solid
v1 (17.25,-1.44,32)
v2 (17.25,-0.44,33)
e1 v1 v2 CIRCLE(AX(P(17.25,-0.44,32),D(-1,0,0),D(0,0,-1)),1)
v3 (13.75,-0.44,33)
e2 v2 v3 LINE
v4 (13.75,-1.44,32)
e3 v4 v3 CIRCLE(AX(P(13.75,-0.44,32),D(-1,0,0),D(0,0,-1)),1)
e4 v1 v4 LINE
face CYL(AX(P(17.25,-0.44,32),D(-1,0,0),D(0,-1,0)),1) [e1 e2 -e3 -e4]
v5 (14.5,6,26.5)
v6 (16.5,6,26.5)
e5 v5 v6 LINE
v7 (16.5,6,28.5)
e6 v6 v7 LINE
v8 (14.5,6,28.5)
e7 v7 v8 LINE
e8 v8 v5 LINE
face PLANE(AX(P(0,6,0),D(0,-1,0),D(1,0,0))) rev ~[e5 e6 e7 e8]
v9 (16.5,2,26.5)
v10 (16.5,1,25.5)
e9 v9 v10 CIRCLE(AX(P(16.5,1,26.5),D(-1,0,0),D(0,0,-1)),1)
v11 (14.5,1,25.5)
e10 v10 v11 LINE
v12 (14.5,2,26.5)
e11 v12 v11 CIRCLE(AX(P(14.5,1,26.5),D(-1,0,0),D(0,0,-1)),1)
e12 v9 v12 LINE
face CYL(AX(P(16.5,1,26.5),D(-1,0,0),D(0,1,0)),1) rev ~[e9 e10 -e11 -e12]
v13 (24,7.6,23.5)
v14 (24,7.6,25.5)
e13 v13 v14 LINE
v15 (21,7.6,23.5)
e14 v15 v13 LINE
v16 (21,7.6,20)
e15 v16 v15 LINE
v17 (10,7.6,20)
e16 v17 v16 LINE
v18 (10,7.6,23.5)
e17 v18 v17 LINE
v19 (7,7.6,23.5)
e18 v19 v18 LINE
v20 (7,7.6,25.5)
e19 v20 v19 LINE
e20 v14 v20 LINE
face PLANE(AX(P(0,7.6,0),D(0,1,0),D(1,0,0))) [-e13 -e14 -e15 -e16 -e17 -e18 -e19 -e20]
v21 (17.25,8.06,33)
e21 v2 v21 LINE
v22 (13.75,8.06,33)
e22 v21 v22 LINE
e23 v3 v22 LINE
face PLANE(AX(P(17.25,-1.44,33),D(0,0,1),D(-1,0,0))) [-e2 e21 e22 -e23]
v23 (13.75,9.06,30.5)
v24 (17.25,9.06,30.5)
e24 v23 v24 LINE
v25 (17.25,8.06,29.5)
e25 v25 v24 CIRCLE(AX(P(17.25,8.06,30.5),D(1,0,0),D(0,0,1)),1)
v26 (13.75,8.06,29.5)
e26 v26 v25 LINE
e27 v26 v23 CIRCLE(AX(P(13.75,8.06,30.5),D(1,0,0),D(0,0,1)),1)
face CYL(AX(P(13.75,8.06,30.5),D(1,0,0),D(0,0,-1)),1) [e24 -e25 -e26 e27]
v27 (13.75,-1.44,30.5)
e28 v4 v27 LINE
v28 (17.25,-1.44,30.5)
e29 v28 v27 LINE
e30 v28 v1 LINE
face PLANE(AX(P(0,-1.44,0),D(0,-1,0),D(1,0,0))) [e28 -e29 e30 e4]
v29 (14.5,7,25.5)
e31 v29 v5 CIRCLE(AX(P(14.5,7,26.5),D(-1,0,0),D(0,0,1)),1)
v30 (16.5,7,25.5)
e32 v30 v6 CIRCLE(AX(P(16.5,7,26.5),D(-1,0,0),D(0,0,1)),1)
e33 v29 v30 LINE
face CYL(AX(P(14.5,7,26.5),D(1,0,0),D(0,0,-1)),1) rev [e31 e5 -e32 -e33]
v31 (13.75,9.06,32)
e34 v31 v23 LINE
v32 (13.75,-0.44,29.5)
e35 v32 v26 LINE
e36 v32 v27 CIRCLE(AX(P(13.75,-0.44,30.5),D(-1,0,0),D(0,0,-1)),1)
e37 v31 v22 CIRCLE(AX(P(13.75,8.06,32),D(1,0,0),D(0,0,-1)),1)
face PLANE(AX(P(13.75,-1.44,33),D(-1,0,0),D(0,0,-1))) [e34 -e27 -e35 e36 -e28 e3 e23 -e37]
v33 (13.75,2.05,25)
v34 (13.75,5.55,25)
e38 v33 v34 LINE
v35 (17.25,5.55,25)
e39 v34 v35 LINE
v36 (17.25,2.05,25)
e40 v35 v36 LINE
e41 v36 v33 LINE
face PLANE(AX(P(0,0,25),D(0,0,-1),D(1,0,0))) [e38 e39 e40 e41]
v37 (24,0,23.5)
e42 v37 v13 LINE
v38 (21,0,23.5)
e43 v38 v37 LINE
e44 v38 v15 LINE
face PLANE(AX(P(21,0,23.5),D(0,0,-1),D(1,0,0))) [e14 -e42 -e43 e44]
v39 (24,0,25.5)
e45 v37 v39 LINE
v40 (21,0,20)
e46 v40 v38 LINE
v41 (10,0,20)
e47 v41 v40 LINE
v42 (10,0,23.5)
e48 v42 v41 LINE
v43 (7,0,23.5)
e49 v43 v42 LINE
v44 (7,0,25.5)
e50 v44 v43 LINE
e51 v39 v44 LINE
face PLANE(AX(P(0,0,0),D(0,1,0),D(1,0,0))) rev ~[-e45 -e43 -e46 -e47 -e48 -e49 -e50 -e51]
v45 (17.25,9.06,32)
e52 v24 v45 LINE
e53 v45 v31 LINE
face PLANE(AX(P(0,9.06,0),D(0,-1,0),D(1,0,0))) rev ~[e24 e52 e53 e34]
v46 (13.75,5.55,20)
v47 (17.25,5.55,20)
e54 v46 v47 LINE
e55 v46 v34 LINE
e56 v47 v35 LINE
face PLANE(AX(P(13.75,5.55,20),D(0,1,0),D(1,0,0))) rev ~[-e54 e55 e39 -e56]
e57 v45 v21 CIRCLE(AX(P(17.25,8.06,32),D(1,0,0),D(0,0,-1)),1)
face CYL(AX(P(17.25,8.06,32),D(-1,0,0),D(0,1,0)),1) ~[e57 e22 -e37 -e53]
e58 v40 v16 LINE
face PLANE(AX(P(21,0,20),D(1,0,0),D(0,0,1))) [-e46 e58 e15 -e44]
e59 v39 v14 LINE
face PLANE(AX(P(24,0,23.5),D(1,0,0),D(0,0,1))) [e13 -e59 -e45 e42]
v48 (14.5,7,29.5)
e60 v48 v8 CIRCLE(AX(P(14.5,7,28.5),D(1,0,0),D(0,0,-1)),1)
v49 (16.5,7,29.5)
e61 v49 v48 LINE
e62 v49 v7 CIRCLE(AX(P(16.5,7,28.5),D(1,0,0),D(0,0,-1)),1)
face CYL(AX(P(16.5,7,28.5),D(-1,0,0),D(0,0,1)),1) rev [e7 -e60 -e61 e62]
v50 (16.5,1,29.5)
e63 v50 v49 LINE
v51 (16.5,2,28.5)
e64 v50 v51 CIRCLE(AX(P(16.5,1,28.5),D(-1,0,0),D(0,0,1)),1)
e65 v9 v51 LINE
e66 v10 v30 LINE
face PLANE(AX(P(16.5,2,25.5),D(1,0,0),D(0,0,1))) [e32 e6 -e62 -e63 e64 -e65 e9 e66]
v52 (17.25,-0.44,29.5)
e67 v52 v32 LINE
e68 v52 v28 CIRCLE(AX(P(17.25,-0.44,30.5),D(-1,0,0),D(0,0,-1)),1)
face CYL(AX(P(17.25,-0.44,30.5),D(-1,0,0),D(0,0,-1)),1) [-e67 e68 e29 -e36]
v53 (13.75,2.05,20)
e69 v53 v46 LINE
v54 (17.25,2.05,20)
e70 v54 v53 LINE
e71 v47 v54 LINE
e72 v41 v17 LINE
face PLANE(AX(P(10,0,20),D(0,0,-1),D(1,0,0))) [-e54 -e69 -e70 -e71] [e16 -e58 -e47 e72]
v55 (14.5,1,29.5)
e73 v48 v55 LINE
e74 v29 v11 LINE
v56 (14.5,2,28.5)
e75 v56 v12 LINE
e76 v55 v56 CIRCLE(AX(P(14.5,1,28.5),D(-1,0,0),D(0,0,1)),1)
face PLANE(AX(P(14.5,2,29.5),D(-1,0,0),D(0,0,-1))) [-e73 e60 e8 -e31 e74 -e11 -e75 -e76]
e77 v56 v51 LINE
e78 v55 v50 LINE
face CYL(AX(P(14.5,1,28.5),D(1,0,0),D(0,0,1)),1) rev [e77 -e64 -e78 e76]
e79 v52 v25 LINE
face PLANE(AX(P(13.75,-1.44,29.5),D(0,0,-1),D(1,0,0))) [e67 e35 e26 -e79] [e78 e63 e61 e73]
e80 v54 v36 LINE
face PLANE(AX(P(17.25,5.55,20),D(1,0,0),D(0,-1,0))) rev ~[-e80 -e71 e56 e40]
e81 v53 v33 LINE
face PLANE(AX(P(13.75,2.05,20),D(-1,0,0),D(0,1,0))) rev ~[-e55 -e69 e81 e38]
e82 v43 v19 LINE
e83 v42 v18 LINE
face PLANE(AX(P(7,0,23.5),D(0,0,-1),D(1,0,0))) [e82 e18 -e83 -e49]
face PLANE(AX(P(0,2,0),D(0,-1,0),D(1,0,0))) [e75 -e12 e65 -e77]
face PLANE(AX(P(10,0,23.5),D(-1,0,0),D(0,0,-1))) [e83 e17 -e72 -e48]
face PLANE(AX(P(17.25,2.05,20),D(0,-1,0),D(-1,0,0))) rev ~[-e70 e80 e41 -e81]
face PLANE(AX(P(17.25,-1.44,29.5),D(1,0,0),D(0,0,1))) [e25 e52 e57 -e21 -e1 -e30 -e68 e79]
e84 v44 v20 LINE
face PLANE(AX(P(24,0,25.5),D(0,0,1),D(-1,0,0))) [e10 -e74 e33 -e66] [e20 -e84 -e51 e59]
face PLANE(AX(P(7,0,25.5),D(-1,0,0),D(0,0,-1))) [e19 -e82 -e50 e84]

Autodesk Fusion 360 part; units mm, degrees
sketch "Sketch1" plane through (0, 0, 0) normal (0, 1, 0) x (1, 0, 0)
  line L0 (10, -20) -> (21, -20)
  line L1 (21, -20) -> (21, -23.5)
  line L2 (21, -23.5) -> (24, -23.5)
  line L3 (24, -23.5) -> (24, -25.5)
  line L4 (24, -25.5) -> (7, -25.5)
  line L5 (7, -25.5) -> (7, -23.5)
  line L6 (7, -23.5) -> (10, -23.5)
  line L7 (10, -23.5) -> (10, -20)
extrude "Extrude1" add sketch "Sketch1" along normal blind 7.6
sketch "Sketch2" plane through (0, 0, 20) normal (0, 0, -1) x (1, 0, 0)
  line L0 (21, 0) -> (10, 0)
  line L1 (10, 0) -> (10, -7.6)
  line L2 (10, -7.6) -> (21, -7.6)
  line L3 (21, -7.6) -> (21, 0)
  line L4 (17.25, -2.05) -> (13.75, -2.05)
  line L5 (13.75, -2.05) -> (13.75, -5.55)
  line L6 (13.75, -5.55) -> (17.25, -5.55)
  line L7 (17.25, -5.55) -> (17.25, -2.05)
  line L8 (17.25, -2.05) -> (13.75, -5.55) construction
  line L9 (13.75, -2.05) -> (17.25, -5.55) construction
  point P0 (15.5, -3.8)
  dimension "d9" = 3.5
  dimension "d10" = 3.5
extrude "Extrude2" cut sketch "Sketch2" against normal blind 5 contours L4 L5 L6 L7
sketch "Sketch3" plane through (0, 0, 0) normal (0, 0, 1) x (1, 0, 0)
  line L0 (14, 0) -> (14.5, 0)
  line L1 (14.5, 0) -> (13.5, 0)
sketch "Sketch4" plane through (0, 0, 0) normal (0, -1, 0) x (1, 0, 0)
  line L0 (7, 23.5) -> (10, 23.5)
  line L1 (10, 23.5) -> (10, 20)
  line L2 (10, 20) -> (21, 20)
  line L3 (21, 20) -> (21, 23.5)
  line L4 (21, 23.5) -> (24, 23.5)
  line L5 (24, 23.5) -> (24, 25.5)
  line L6 (24, 25.5) -> (7, 25.5)
  line L7 (7, 25.5) -> (7, 23.5)
  line L8 (15.5, 25.5) -> (16.5, 25.5)
  line L9 (16.5, 25.5) -> (16.5, 29.5)
  line L10 (16.5, 29.5) -> (14.5, 29.5)
  line L11 (14.5, 29.5) -> (14.5, 25.5)
  line L12 (14.5, 25.5) -> (15.5, 25.5)
  line L13 (15.5, 29.5) -> (17.25, 29.5)
  line L14 (17.25, 29.5) -> (17.25, 33)
  line L15 (17.25, 33) -> (13.75, 33)
  line L16 (13.75, 33) -> (13.75, 29.5)
  line L17 (13.75, 29.5) -> (15.5, 29.5)
extrude "Extrude3" add sketch "Sketch4" against normal blind 4 from surface at -2 contours L6 L8 L9 L10 L11 L12 L13 L17
extrude "Extrude4" add sketch "Sketch4" against normal blind 10.5 from surface at 1.44 contours L10 L13 L14 L15 L16 L17
fillet "Fillet1" radius 1 8 edges at (15.5, -1.44, 29.5) (15.5, -1.44, 33) (15.5, 9.06, 33) (15.5, 9.06, 29.5) (15.5, 6, 29.5) (15.5, 2, 29.5) (15.5, 2, 25.5) (15.5, 6, 25.5)
